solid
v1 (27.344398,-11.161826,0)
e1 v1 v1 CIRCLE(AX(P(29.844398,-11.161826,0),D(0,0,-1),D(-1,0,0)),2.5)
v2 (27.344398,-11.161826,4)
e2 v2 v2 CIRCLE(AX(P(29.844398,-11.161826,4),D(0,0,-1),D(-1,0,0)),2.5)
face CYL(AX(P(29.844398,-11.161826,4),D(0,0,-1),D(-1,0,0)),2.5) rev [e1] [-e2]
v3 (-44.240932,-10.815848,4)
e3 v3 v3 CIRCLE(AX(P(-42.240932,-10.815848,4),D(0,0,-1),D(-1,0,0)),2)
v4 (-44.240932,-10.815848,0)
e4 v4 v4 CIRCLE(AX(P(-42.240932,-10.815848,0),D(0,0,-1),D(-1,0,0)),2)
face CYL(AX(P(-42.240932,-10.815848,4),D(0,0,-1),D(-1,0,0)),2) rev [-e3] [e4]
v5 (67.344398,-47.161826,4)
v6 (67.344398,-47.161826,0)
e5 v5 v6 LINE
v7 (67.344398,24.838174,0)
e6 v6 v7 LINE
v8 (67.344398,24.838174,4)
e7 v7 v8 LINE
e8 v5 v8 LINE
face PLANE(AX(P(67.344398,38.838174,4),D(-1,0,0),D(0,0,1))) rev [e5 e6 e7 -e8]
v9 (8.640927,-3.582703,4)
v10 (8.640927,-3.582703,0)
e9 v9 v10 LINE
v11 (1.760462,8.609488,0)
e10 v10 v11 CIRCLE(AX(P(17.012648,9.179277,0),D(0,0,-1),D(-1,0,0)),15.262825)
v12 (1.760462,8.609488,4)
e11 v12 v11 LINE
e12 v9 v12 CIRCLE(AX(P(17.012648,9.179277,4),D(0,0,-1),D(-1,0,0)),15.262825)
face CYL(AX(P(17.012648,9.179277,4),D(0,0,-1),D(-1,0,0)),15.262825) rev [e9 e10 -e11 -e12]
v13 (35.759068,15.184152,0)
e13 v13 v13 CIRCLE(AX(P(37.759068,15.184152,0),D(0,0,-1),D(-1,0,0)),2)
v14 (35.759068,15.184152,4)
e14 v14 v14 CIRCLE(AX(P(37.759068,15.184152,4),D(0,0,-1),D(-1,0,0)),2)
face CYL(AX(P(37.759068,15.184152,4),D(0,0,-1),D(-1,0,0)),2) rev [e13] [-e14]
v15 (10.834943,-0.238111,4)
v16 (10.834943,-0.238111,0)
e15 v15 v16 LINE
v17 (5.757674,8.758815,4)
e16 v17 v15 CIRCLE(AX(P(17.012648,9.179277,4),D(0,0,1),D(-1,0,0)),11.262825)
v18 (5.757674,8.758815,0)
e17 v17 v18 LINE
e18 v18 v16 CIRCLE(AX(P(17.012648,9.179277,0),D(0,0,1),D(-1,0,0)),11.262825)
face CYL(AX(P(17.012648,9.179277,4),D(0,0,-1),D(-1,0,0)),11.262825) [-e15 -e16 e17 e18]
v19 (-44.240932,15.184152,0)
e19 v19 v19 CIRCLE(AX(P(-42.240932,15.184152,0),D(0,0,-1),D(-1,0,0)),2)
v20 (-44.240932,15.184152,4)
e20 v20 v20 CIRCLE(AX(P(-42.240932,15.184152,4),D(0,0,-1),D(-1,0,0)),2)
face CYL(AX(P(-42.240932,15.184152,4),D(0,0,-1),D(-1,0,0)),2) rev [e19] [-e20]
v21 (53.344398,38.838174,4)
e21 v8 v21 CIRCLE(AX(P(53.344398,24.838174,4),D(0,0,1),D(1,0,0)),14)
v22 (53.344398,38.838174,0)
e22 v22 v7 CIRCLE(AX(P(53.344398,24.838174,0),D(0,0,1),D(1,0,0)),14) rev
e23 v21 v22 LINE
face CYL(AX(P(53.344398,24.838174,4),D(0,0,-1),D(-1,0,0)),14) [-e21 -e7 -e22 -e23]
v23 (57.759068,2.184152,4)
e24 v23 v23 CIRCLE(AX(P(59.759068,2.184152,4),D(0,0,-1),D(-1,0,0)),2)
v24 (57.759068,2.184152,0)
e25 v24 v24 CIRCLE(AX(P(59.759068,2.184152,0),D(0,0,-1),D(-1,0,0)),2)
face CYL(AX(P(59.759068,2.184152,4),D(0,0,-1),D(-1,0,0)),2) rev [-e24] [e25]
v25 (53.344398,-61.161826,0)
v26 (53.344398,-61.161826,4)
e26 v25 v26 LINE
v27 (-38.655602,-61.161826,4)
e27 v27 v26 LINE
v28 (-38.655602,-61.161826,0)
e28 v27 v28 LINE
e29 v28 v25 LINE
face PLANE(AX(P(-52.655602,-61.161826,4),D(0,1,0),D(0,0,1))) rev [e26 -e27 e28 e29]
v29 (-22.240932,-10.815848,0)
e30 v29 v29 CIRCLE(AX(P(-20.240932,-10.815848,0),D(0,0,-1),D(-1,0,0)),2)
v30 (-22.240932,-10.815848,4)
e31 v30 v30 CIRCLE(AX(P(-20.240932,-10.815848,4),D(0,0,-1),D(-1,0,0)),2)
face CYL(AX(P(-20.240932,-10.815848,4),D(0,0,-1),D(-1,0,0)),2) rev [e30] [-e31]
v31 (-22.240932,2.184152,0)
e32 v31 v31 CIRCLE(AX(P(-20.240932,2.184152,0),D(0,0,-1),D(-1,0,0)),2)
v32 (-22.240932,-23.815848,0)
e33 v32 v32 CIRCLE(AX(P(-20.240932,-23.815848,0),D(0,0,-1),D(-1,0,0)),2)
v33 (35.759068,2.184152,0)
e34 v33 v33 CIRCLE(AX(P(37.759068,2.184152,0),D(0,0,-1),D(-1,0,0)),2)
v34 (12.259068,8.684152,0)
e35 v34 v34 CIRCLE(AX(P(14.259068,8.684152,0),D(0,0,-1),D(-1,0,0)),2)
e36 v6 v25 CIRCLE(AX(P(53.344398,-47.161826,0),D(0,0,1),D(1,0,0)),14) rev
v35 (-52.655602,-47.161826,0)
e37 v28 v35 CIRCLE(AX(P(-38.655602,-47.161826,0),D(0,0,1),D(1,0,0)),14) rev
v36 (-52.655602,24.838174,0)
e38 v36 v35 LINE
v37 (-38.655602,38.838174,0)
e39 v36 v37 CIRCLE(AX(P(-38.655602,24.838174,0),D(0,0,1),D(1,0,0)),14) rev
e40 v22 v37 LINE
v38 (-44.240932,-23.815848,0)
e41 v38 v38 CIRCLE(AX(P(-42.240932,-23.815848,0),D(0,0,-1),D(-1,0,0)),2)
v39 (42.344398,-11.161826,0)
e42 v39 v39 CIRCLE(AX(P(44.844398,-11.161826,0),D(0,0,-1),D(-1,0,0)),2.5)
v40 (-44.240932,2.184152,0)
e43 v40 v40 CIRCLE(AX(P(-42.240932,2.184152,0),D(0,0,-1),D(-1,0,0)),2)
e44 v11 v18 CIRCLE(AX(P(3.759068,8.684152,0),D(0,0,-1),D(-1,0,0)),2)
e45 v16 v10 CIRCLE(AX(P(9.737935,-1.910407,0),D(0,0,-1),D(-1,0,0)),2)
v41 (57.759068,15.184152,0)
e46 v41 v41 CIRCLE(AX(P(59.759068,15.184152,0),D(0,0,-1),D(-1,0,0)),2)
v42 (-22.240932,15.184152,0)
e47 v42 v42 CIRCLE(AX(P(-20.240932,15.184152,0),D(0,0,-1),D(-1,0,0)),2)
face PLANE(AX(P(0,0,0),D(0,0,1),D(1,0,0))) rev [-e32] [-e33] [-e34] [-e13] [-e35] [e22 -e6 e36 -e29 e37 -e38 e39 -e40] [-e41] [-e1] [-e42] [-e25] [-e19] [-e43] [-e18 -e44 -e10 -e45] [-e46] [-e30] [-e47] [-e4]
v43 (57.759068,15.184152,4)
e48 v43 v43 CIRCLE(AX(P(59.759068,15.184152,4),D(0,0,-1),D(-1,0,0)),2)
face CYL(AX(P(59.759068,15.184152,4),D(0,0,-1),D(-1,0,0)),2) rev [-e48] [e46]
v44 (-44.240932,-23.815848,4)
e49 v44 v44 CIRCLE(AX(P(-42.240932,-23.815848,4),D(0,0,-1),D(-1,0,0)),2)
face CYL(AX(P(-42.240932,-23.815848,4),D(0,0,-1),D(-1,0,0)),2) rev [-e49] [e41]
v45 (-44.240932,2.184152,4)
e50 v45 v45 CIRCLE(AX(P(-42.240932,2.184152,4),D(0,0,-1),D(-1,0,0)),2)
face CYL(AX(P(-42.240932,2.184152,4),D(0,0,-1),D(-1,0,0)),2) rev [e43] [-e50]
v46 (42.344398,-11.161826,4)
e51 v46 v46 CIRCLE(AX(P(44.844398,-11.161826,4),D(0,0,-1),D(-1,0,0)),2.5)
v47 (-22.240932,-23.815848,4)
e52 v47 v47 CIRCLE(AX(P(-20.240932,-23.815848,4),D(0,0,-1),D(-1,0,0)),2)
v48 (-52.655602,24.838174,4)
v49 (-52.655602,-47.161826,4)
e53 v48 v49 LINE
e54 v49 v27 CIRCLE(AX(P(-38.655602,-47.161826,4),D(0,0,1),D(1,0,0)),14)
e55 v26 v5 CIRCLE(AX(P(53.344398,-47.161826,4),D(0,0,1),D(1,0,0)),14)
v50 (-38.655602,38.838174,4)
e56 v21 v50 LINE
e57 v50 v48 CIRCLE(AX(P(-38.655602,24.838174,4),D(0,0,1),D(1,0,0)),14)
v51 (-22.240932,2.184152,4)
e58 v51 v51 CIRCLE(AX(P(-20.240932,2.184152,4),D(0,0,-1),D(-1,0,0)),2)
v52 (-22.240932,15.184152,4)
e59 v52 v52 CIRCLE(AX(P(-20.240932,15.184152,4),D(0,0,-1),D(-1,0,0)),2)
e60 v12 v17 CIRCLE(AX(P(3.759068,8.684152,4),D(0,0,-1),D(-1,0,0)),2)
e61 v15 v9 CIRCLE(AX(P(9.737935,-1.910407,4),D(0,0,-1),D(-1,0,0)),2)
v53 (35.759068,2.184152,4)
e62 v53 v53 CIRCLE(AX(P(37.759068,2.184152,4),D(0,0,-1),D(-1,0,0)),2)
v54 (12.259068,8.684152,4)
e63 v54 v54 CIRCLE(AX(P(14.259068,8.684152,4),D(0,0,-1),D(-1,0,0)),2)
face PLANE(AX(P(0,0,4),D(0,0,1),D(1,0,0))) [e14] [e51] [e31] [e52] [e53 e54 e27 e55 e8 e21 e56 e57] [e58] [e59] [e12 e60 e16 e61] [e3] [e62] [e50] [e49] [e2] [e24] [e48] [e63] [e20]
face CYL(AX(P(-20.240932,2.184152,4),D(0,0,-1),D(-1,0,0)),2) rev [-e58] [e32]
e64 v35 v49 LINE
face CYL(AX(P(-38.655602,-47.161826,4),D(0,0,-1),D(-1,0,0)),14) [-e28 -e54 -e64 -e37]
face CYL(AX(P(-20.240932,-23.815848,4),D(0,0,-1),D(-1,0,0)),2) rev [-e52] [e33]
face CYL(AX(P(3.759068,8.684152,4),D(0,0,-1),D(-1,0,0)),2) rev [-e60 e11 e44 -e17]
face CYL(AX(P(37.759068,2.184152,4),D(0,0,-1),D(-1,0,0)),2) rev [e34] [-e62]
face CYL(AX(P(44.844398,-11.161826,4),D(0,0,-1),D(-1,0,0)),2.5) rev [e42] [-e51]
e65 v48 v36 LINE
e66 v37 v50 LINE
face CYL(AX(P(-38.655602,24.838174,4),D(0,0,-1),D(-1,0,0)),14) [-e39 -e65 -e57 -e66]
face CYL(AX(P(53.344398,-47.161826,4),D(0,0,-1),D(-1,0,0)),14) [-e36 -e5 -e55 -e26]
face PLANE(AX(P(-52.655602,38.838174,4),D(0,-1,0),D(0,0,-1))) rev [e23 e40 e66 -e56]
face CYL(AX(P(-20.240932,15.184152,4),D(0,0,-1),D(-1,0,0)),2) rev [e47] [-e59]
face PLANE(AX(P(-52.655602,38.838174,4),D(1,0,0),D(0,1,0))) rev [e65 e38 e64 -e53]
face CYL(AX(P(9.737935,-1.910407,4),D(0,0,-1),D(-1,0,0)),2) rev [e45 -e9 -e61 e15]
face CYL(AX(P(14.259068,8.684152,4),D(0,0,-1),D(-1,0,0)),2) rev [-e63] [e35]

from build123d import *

# Parameters (mm, degrees)
SKETCH_1_W          = 120
SKETCH_1_H          = 100
EXTRUDE_1_DEPTH     = 4
FILLET_1_R          = 14
SKETCH_7_R          = 2.5
CUT_EXTRUDE_2_DEPTH = 5
SKETCH_14_R         = 2
CUT_EXTRUDE_3_DEPTH = 5


with BuildPart() as part:
    # 草图1 → 凸台-拉伸1 (new body)
    with BuildSketch(Plane.XY):
        with Locations((7.34439834, -11.161825726)):
            Rectangle(SKETCH_1_W, SKETCH_1_H)
    extrude(amount=EXTRUDE_1_DEPTH)

    # 圆角1
    fillet_1_edges = [part.edges().sort_by_distance(p)[0] for p in [
        (-52.65560166, 38.838174274, 2),
        (67.34439834, 38.838174274, 2),
        (67.34439834, -61.161825726, 2),
        (-52.65560166, -61.161825726, 2),
    ]]
    fillet(fillet_1_edges, radius=FILLET_1_R)

    # 草图7 → 切除-拉伸2 (cut, through all)
    with BuildSketch(Plane(origin=(0, 0, 0), x_dir=(-1, 0, 0), z_dir=(0, 0, -1))):
        with Locations((-44.84439834, -11.161825726)):
            Circle(SKETCH_7_R)
        with Locations((-29.84439834, -11.161825726)):
            Circle(SKETCH_7_R)
    extrude(amount=-CUT_EXTRUDE_2_DEPTH, mode=Mode.SUBTRACT)

    # 草图14 → 切除-拉伸3 (cut, through all)
    with BuildSketch(Plane(origin=(0, 0, 0), x_dir=(-1, 0, 0), z_dir=(0, 0, -1))):
        with Locations((42.240931861, -23.815848238)):
            Circle(SKETCH_14_R)
        with Locations((20.240931861, -23.815848238)):
            Circle(SKETCH_14_R)
        with Locations((42.240931861, -10.815848238)):
            Circle(SKETCH_14_R)
        with Locations((20.240931861, -10.815848238)):
            Circle(SKETCH_14_R)
        with Locations((42.240931861, 2.184151762)):
            Circle(SKETCH_14_R)
        with Locations((42.240931861, 15.184151762)):
            Circle(SKETCH_14_R)
        with Locations((20.240931861, 2.184151762)):
            Circle(SKETCH_14_R)
        with Locations((20.240931861, 15.184151762)):
            Circle(SKETCH_14_R)
        with Locations((-14.259068139, 8.684151762)):
            Circle(SKETCH_14_R)
        with Locations((-37.759068139, 2.184151762)):
            Circle(SKETCH_14_R)
        with Locations((-59.759068139, 2.184151762)):
            Circle(SKETCH_14_R)
        with Locations((-59.759068139, 15.184151762)):
            Circle(SKETCH_14_R)
        with Locations((-37.759068139, 15.184151762)):
            Circle(SKETCH_14_R)
        with BuildLine():
            ThreePointArc((-1.760462288, 8.609488161), (-3.684404538, 10.682757613), (-5.75767399, 8.758815364))
            ThreePointArc((-5.75767399, 8.758815364), (-7.203940461, 3.643892075), (-10.83494306, -0.238110898))
            ThreePointArc((-10.83494306, -0.238110898), (-11.410230768, -3.007414792), (-8.640926875, -3.5827025))
            ThreePointArc((-8.640926875, -3.5827025), (-3.720371267, 1.677996434), (-1.760462288, 8.609488161))
        make_face()
    extrude(amount=-CUT_EXTRUDE_3_DEPTH, mode=Mode.SUBTRACT)


solid = part.part
